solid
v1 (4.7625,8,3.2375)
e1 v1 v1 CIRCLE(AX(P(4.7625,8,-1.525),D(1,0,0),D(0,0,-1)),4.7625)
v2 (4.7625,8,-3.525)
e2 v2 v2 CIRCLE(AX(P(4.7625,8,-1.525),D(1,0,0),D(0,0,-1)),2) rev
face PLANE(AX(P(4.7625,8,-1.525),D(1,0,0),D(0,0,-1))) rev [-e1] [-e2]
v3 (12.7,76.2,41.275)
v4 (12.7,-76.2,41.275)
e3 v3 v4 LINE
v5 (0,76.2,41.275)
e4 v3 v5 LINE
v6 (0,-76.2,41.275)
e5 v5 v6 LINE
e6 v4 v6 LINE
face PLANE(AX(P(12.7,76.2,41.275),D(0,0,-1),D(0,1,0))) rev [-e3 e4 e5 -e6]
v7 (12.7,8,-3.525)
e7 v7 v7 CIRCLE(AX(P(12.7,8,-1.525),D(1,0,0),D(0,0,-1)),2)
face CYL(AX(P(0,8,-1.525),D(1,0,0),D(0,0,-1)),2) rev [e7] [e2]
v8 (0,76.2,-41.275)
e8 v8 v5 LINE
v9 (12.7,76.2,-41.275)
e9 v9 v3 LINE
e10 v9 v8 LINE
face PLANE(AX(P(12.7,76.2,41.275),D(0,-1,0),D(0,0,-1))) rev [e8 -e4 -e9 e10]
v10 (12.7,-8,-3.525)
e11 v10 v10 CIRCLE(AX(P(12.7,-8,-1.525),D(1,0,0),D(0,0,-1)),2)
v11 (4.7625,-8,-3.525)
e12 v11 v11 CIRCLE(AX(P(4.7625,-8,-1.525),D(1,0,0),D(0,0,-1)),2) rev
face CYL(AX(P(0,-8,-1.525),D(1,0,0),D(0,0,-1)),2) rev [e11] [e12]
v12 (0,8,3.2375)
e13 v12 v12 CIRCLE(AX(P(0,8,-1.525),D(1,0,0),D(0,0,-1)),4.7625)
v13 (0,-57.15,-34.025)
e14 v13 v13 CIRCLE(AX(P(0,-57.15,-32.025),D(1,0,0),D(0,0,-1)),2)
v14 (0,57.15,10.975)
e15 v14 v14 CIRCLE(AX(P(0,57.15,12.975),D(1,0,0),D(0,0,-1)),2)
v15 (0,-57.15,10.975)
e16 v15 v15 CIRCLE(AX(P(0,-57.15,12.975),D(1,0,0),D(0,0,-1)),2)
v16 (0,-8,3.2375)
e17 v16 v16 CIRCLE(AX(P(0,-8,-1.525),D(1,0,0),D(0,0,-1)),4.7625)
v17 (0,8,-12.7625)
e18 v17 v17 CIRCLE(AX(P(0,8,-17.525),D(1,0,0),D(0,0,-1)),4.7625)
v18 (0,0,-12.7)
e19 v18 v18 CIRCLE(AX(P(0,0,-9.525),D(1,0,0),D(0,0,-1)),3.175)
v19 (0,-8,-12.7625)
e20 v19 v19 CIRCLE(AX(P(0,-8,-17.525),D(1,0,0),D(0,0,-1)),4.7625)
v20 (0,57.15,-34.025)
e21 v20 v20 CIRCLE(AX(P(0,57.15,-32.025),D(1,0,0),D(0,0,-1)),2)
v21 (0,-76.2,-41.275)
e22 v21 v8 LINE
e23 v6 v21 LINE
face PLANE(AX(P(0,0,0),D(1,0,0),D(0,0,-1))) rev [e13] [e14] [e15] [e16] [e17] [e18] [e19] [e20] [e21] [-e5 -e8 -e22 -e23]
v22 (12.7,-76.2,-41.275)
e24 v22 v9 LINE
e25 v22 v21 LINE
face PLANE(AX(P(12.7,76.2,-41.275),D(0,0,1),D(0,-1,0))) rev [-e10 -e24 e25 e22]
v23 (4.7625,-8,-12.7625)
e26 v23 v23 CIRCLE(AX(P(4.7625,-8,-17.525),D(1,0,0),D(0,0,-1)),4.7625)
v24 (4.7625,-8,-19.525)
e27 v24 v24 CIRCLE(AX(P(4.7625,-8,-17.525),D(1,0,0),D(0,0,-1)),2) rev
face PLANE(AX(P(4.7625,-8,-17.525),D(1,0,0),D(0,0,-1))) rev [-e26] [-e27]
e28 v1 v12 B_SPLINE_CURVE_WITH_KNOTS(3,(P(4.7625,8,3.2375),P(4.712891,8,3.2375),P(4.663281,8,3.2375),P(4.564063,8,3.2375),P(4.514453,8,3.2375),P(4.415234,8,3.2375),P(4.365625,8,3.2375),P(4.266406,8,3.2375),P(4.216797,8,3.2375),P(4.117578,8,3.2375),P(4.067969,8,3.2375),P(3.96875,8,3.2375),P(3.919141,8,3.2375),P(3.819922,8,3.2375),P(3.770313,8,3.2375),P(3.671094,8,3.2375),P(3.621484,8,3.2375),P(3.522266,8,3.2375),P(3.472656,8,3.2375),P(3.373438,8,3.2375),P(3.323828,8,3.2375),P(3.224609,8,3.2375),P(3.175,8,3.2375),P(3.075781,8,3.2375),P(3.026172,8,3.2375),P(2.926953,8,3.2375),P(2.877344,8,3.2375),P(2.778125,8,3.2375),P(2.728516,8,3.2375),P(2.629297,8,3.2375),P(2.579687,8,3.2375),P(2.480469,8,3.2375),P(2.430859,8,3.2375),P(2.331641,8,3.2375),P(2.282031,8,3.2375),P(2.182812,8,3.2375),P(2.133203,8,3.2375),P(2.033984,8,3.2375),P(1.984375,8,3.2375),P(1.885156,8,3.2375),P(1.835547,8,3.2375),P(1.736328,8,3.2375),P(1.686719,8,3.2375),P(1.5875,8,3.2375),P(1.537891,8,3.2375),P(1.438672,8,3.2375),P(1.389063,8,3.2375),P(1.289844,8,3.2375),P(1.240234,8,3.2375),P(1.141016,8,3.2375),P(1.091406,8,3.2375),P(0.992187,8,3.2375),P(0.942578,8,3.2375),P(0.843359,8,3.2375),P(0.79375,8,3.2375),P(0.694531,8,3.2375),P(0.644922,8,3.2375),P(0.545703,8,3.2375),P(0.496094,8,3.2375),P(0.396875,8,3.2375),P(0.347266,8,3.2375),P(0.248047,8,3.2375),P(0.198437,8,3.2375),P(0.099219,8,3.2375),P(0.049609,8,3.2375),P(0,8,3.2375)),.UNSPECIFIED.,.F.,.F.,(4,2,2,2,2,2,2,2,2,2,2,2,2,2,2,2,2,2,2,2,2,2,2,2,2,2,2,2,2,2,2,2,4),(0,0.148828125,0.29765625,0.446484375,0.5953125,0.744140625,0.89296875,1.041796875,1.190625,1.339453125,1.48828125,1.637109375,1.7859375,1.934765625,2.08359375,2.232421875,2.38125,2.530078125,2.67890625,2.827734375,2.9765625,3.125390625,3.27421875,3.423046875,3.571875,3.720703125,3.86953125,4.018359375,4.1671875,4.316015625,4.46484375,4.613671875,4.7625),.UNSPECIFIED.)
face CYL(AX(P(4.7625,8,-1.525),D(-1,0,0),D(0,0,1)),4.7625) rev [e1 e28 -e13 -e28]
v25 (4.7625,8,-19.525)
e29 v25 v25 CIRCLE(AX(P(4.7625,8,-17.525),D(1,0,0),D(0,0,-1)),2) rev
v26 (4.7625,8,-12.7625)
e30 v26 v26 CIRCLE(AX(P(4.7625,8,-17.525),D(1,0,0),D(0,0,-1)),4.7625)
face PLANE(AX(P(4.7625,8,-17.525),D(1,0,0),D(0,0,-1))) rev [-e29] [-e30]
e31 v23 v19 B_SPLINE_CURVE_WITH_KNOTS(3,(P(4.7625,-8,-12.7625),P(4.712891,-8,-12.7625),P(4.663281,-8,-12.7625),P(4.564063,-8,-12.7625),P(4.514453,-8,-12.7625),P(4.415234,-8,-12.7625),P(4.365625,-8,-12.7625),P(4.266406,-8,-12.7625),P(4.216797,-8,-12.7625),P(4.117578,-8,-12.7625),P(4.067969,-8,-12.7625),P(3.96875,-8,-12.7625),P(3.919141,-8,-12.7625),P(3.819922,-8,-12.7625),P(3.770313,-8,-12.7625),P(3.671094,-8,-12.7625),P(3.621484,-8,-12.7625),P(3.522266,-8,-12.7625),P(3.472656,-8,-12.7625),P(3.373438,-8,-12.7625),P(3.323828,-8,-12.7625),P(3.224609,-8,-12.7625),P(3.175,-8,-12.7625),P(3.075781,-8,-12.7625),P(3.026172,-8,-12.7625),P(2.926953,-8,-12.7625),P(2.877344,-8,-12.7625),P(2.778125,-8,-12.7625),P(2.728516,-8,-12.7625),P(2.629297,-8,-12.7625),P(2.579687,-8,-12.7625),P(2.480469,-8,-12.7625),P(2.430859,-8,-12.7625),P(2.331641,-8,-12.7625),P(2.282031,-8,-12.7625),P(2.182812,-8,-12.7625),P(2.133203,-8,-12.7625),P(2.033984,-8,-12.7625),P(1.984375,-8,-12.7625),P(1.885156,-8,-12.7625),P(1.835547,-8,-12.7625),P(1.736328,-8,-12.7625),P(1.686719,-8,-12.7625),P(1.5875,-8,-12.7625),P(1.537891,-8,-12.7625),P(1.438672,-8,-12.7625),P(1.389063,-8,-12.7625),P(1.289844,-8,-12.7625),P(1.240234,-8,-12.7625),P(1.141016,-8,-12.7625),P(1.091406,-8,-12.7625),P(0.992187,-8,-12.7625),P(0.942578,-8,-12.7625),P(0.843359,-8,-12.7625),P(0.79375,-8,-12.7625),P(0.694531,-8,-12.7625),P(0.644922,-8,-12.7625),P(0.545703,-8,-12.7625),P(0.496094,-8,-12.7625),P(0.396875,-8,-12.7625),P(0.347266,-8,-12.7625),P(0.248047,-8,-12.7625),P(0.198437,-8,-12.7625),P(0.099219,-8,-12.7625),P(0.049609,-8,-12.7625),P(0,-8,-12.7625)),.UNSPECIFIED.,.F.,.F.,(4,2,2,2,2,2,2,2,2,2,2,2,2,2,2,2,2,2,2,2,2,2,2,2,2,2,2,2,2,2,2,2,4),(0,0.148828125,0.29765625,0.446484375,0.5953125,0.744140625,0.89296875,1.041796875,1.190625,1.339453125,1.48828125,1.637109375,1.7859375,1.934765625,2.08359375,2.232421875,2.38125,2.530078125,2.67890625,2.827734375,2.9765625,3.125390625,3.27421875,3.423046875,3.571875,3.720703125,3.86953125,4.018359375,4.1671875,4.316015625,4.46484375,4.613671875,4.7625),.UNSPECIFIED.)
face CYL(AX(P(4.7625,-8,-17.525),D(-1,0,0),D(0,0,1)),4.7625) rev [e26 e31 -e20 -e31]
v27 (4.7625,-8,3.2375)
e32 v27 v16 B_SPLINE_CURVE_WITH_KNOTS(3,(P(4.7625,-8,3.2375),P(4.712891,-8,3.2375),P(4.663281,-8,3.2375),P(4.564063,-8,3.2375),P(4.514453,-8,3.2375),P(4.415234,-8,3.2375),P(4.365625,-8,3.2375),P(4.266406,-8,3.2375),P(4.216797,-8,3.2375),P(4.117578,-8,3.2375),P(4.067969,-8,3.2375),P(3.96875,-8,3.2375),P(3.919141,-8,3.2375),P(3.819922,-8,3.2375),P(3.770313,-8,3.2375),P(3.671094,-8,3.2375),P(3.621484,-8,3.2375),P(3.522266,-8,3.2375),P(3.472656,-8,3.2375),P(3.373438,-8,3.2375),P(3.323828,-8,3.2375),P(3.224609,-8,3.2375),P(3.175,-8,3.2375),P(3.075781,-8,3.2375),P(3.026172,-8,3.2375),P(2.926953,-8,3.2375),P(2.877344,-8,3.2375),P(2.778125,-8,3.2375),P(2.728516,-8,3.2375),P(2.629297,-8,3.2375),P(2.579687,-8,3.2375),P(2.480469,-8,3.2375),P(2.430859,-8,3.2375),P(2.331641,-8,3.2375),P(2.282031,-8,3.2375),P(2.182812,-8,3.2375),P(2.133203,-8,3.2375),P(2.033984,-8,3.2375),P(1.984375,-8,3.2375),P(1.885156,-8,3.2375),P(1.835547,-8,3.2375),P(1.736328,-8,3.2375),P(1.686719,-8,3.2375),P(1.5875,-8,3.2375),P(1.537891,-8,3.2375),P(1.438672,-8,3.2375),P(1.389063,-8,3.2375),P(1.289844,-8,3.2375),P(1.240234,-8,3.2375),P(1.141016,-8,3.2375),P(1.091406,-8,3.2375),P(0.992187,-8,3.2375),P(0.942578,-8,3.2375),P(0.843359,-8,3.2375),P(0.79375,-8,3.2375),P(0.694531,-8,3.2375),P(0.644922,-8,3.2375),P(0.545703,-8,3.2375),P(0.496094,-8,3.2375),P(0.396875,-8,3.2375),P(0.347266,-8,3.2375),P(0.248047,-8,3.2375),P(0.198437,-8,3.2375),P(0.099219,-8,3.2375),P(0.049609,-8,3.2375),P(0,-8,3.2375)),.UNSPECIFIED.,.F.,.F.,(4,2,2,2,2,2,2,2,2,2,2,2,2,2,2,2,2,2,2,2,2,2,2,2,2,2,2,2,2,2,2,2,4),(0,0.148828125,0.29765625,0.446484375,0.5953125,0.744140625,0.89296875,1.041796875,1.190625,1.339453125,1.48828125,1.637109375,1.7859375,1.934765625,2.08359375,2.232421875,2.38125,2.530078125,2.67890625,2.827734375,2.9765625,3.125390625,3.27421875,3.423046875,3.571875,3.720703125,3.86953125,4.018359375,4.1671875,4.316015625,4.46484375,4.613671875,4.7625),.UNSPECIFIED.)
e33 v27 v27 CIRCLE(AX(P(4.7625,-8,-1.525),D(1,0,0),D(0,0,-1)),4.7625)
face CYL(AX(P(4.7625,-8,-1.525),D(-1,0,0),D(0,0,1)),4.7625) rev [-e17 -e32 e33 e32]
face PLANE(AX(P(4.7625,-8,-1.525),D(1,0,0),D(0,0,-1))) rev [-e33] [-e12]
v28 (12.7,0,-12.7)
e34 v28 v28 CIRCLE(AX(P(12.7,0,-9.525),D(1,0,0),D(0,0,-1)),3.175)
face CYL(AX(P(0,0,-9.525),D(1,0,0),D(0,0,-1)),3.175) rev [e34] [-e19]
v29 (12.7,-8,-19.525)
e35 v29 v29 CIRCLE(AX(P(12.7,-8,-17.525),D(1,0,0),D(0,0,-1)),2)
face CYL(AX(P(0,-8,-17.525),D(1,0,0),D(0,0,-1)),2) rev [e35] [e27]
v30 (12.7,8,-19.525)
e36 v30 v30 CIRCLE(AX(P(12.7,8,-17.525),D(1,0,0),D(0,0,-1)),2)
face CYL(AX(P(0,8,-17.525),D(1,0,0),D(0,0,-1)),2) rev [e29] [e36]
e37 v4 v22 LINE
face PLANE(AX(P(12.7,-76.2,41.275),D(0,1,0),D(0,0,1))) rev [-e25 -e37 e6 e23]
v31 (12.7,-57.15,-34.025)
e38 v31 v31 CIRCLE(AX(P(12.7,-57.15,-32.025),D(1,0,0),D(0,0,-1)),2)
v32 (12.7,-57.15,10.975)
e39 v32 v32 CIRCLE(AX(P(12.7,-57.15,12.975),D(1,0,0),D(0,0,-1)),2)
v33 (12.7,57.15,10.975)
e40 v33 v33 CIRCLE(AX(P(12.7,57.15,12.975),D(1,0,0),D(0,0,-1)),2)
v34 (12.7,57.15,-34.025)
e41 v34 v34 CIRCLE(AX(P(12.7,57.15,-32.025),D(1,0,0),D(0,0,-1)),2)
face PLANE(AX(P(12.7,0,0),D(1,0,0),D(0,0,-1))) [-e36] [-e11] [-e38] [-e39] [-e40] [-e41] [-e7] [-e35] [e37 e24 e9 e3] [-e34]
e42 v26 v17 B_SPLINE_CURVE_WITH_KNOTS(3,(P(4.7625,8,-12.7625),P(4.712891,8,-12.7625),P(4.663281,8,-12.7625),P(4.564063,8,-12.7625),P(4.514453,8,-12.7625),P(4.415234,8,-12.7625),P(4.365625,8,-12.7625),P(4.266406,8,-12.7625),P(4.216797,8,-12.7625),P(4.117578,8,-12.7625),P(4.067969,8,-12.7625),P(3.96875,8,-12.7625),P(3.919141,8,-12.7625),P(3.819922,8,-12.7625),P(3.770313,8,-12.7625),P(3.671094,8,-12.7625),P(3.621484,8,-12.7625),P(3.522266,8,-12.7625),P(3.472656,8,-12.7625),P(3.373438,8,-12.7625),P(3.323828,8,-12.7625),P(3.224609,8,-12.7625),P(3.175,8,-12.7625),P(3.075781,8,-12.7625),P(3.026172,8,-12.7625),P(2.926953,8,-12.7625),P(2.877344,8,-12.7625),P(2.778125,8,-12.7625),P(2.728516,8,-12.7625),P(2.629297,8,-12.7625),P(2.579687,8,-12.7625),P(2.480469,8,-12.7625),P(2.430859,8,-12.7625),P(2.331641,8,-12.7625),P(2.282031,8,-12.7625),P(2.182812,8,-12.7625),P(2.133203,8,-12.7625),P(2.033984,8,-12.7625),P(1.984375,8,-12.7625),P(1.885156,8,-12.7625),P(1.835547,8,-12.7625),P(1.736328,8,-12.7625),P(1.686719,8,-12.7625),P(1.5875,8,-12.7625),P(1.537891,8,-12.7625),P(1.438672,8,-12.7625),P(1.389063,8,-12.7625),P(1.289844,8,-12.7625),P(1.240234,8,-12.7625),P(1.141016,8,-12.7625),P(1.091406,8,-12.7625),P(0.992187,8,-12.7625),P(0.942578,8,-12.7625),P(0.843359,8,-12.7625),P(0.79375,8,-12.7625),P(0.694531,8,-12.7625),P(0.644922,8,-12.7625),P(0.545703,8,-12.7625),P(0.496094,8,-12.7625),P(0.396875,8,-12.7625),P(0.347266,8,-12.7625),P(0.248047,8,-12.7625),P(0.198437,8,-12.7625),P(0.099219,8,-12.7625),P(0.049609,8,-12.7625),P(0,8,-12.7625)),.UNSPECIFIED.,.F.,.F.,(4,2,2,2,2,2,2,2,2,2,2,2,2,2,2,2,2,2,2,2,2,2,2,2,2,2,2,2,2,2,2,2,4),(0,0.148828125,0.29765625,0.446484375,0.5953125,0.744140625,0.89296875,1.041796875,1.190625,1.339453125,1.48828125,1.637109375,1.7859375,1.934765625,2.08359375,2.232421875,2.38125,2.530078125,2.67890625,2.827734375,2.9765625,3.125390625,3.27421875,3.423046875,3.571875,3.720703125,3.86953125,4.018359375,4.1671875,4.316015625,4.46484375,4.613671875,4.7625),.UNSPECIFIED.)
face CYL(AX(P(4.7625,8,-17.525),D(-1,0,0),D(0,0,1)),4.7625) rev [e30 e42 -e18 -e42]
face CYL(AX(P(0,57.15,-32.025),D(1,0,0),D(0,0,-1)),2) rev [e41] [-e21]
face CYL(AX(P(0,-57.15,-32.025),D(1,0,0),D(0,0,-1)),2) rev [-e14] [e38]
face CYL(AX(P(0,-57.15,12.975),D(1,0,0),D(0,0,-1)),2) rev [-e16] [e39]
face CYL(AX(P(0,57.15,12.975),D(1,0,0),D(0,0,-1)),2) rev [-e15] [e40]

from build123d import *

# Parameters (mm, degrees)
ESQUISSE1_W             = 82.55
ESQUISSE1_H             = 152.4
BOSS_EXTRU_1_DEPTH      = 12.7
ESQUISSE2_R             = 2
ENL_V_MAT_EXTRU_1_DEPTH = 88.586275323
ESQUISSE3_R             = 3.175
ESQUISSE3_R_2           = 2
ENL_V_MAT_EXTRU_2_DEPTH = 88.586275323
ESQUISSE4_R             = 4.7625
ENL_V_MAT_EXTRU_3_DEPTH = 4.7625


with BuildPart() as part:
    # Esquisse1 → Boss.-Extru.1 (new body)
    with BuildSketch(Plane(origin=(0, 0, 0), x_dir=(0, 0, -1), z_dir=(1, 0, 0))):
        Rectangle(ESQUISSE1_W, ESQUISSE1_H)
    extrude(amount=BOSS_EXTRU_1_DEPTH)

    # Esquisse2 → Enlèv. mat.-Extru.1 (cut, through all)
    with BuildSketch(Plane(origin=(12.7, 0, 0), x_dir=(0, 0, -1), z_dir=(1, 0, 0))):
        with Locations((-12.974999958, 57.15)):
            Circle(ESQUISSE2_R)
        with Locations((32.025000042, 57.15)):
            Circle(ESQUISSE2_R)
        with Locations((-12.974999958, -57.15)):
            Circle(ESQUISSE2_R)
        with Locations((32.025000042, -57.15)):
            Circle(ESQUISSE2_R)
    extrude(amount=-ENL_V_MAT_EXTRU_1_DEPTH, mode=Mode.SUBTRACT)

    # Esquisse3 → Enlèv. mat.-Extru.2 (cut, through all)
    with BuildSketch(Plane(origin=(12.7, 0, 0), x_dir=(0, 0, -1), z_dir=(1, 0, 0))):
        with Locations((9.525, 0)):
            Circle(ESQUISSE3_R)
        with Locations((17.525, 8)):
            Circle(ESQUISSE3_R_2)
        with Locations((1.525, 8)):
            Circle(ESQUISSE3_R_2)
        with Locations((1.525, -8)):
            Circle(ESQUISSE3_R_2)
        with Locations((17.525, -8)):
            Circle(ESQUISSE3_R_2)
    extrude(amount=-ENL_V_MAT_EXTRU_2_DEPTH, mode=Mode.SUBTRACT)

    # Esquisse4 → Enlèv. mat.-Extru.3 (cut)
    with BuildSketch(Plane(origin=(0, 0, 0), x_dir=(0, 0, -1), z_dir=(1, 0, 0))):
        with Locations(Location((17.525, 8, 0), (0, 0, 180))):
            Circle(ESQUISSE4_R)
        with Locations(Location((1.525, 8, 0), (0, 0, 180))):
            Circle(ESQUISSE4_R)
        with Locations(Location((1.525, -8, 0), (0, 0, 180))):
            Circle(ESQUISSE4_R)
        with Locations(Location((17.525, -8, 0), (0, 0, 180))):
            Circle(ESQUISSE4_R)
    extrude(amount=ENL_V_MAT_EXTRU_3_DEPTH, mode=Mode.SUBTRACT)


solid = part.part
